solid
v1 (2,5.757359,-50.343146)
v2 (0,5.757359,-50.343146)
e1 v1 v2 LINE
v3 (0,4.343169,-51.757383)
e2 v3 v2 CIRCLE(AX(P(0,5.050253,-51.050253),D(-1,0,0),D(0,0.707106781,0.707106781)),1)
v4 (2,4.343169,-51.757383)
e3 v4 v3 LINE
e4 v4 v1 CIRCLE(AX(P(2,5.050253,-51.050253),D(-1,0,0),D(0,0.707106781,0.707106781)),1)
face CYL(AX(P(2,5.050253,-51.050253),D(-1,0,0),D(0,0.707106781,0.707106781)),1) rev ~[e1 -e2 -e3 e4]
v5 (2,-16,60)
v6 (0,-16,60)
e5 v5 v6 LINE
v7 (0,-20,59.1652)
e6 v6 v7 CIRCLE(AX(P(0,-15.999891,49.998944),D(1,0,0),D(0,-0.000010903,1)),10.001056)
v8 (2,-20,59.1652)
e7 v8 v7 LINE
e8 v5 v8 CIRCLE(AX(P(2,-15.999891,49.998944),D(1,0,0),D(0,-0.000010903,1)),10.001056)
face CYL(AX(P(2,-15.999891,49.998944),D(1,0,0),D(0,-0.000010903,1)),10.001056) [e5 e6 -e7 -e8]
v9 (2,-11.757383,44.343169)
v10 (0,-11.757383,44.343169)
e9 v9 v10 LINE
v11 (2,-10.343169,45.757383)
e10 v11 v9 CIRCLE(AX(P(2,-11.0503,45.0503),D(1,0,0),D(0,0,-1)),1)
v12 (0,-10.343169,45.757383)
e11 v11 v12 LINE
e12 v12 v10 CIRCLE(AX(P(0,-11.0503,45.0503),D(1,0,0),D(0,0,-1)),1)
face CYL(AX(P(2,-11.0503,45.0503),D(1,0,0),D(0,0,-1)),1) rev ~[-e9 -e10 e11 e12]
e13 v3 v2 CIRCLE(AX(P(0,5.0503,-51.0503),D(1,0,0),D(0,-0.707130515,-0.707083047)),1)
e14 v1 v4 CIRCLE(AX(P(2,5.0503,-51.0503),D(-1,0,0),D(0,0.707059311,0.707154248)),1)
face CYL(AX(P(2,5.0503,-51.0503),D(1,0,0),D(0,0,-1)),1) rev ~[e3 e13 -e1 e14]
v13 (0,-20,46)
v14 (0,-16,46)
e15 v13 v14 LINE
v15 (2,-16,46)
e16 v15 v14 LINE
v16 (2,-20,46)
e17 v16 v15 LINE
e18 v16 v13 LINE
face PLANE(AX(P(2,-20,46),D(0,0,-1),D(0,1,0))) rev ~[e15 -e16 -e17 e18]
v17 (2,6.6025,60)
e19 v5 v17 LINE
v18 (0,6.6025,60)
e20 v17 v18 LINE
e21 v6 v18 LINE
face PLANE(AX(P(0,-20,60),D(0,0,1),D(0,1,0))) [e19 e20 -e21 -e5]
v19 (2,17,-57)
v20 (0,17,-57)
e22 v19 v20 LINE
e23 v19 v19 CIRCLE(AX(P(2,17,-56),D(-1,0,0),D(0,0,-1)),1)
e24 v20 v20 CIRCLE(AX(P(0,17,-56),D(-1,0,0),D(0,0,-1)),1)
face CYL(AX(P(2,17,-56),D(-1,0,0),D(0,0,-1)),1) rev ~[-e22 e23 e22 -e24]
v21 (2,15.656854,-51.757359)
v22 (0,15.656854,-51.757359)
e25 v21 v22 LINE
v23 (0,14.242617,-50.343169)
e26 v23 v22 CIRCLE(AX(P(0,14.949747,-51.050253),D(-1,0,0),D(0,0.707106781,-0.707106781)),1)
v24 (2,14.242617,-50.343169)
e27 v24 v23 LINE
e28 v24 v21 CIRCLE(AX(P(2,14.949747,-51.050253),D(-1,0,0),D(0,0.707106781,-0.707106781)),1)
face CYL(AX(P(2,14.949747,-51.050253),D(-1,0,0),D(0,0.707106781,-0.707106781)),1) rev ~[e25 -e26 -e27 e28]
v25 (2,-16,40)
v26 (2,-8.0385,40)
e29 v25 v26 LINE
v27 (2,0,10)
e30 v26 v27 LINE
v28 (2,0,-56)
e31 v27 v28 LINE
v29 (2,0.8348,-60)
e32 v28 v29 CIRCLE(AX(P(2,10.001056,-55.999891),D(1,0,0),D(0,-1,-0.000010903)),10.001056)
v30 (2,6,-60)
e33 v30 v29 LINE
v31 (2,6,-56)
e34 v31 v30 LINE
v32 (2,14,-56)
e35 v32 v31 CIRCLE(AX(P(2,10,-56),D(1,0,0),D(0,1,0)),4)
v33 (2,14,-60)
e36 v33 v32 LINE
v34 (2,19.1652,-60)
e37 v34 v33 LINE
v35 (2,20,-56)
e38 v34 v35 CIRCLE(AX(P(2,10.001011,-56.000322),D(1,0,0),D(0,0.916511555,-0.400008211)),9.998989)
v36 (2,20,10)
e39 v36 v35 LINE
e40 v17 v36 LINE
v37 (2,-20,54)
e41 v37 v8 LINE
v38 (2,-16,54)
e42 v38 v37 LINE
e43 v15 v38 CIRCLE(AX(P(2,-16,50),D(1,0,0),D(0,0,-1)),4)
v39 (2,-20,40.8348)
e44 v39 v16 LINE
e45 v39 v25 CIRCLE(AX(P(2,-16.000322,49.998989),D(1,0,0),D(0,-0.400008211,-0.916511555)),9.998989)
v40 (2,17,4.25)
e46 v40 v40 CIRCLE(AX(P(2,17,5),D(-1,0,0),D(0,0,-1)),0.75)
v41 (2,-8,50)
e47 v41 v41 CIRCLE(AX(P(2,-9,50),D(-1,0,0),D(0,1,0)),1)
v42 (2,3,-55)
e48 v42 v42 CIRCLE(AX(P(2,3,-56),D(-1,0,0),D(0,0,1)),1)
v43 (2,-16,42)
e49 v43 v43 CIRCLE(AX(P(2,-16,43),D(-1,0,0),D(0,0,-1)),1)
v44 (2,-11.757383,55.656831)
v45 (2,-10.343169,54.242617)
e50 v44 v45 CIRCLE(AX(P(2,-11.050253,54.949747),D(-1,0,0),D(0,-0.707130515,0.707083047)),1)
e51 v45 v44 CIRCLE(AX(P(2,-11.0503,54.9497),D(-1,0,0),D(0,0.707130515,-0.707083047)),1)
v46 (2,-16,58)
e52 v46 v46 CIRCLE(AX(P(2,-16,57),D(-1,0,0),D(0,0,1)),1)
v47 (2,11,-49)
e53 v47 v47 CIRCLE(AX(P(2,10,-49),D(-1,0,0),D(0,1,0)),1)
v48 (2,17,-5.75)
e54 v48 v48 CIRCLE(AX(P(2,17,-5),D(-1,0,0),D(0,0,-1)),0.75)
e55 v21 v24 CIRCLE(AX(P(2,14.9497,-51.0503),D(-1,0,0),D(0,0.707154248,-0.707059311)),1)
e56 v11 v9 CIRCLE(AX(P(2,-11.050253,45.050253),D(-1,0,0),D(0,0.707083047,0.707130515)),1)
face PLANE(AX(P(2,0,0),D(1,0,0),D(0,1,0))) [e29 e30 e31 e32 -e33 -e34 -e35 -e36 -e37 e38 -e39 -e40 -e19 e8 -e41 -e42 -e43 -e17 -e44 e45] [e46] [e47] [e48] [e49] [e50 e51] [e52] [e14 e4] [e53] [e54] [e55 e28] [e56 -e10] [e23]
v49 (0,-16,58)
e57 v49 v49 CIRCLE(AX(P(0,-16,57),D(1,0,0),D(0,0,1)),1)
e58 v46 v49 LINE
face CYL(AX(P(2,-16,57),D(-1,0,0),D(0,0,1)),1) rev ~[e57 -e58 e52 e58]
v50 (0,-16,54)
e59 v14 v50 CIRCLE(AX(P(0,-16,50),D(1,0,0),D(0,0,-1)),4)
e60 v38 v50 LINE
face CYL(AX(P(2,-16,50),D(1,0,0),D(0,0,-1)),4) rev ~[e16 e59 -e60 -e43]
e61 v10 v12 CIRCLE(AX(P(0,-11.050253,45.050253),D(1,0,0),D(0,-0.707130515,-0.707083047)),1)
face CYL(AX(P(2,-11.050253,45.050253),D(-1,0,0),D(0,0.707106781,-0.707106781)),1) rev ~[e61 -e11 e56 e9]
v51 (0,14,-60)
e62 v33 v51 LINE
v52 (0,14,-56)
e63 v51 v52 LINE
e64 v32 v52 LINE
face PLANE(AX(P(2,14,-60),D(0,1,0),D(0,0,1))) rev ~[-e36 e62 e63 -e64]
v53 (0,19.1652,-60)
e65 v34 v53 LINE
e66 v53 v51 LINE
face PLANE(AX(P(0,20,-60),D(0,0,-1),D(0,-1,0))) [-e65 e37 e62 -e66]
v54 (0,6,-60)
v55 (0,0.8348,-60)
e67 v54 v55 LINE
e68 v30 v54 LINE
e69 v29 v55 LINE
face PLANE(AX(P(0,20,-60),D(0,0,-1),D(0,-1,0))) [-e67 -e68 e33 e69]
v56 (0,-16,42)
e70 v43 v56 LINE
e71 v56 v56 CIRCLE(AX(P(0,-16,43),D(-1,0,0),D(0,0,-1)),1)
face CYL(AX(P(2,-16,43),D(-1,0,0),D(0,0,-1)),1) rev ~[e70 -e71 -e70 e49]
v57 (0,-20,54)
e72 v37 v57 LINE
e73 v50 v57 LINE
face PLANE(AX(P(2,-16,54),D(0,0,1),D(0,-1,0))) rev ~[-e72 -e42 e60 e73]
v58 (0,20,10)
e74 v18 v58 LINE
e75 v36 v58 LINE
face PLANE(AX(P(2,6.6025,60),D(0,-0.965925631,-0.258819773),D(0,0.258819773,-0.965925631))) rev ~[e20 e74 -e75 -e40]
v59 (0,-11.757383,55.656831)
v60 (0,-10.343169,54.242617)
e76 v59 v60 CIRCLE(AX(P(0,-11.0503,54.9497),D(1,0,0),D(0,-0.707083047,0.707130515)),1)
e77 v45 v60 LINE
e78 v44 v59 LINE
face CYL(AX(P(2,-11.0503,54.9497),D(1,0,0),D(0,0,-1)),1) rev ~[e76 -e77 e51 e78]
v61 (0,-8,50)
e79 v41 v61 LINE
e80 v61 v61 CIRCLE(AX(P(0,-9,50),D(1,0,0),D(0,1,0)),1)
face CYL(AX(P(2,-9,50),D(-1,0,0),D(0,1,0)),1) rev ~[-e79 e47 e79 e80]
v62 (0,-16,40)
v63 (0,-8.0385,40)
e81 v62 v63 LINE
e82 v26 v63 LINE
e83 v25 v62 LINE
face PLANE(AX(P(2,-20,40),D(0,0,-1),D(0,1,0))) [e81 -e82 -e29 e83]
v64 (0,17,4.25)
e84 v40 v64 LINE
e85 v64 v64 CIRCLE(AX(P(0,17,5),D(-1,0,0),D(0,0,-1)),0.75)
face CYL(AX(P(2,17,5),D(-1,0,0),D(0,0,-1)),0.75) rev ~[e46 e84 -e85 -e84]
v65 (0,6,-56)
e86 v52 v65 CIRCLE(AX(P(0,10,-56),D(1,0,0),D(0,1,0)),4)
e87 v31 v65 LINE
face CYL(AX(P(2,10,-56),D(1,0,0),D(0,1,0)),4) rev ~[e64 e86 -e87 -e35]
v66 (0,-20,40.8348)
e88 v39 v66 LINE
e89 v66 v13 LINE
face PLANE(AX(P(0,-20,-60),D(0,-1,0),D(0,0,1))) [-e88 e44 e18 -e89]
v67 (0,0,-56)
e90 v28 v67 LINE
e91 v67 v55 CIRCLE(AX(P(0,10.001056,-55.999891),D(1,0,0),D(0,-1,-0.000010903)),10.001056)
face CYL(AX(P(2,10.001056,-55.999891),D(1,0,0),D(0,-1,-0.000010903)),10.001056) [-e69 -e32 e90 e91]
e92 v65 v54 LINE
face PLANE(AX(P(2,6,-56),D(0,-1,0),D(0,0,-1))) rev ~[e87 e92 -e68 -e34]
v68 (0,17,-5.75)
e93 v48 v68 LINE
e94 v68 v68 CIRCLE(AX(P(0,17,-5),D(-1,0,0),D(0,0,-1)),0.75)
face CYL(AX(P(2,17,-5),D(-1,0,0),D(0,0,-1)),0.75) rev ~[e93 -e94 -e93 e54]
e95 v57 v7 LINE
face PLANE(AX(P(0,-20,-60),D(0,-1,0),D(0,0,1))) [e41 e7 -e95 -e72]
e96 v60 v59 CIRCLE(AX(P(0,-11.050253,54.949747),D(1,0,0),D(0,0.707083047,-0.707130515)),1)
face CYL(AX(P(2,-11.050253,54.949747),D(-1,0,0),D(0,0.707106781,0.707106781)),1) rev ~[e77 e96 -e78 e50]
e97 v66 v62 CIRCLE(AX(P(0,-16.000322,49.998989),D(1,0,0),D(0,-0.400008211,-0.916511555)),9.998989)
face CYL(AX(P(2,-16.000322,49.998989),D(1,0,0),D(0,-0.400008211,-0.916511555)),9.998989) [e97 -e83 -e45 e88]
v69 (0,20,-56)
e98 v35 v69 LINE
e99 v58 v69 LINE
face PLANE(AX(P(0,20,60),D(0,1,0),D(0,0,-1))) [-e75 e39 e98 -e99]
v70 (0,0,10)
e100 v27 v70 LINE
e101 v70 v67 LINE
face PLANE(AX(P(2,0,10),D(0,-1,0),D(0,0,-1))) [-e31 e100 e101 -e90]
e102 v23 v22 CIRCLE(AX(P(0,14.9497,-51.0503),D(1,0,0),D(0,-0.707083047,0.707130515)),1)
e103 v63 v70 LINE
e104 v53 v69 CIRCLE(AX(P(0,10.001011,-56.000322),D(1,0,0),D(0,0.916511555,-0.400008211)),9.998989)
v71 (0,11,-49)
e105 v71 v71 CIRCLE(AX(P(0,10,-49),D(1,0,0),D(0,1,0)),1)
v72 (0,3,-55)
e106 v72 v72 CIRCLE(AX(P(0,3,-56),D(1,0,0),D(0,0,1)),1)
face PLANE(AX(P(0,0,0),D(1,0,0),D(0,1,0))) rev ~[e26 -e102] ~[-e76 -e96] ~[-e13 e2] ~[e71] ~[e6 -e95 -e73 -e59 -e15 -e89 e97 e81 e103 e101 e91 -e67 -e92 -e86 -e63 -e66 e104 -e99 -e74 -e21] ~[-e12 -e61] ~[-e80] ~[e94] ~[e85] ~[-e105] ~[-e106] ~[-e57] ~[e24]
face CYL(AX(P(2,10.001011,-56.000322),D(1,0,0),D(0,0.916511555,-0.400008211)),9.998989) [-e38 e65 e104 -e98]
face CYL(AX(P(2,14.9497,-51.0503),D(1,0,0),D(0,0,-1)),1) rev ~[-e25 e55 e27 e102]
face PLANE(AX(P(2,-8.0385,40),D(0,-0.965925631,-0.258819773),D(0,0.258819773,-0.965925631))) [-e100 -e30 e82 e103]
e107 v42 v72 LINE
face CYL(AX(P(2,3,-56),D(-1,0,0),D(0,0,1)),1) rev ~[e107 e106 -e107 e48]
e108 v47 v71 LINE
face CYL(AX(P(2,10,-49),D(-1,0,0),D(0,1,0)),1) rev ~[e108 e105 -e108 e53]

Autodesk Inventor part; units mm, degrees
ref_plane "YZ Plane" through (0, 0, 0) normal (1, 0, 0) x (0, 1, 0)
ref_plane "XZ Plane" through (0, 0, 0) normal (0, 1, 0) x (-1, 0, 0)
ref_plane "XY Plane" through (0, 0, 0) normal (0, 0, 1) x (1, 0, 0)
sketch "スケッチ1" plane through (0, 0, 0) normal (1, 0, 0) x (0, 1, 0)
  line L0 (-20, 60) -> (20, 60)
  line L1 (20, 60) -> (20, -60)
  line L2 (20, -60) -> (-20, -60)
  line L3 (-20, -60) -> (-20, 60)
  point P0 (0, 0)
  dimension "d0" = 40
  dimension "d2" = 20
  dimension "d3" = 120
  dimension "d4" = 60
extrude "押し出し1" add sketch "スケッチ1" along normal blind 2
sketch "スケッチ2" plane through (2, 0, 0) normal (1, 0, 0) x (0, 0, -1)
  line L0 (-60, 20) -> (-60, -20) projected
  line L1 (-60, -20) -> (60, -20) projected
  line L2 (60, -20) -> (60, 20) projected
  line L3 (60, 20) -> (-60, 20) projected
  line L4 (-60, 6.6025) -> (-10, 20)
  line L5 (-40, -20) -> (-40, -8.0385)
  line L6 (-40, -8.0385) -> (-10, 0)
  line L7 (-10, 0) -> (60, 0)
  point P0 (0, 0)
  dimension "d7" = 20
  dimension "d8" = 20
  dimension "d9" = 70
  dimension "d10" = 15
  dimension "d11" = 70
extrude "押し出し2" cut sketch "スケッチ2" against normal blind 2 contours L4 L3 L2 L7 L6 L5 L1 L0 keep common part
sketch "スケッチ3" plane through (2, 0, 0) normal (1, 0, 0) x (0, 0, -1)
  line L0 (60, 0) -> (-10, 0) projected
  line L1 (60, 0) -> (60, 20) projected
  line L2 (-60, 6.6025) -> (-60, -20) projected
  line L3 (-60, -20) -> (-40, -20) projected
  line L4 (-54, -20) -> (-46, -20)
  line L5 (-46, -20) -> (-46, -16)
  line L6 (-54, -16) -> (-54, -20)
  line L7 (60, 14) -> (56, 14)
  line L8 (56, 6) -> (60, 6)
  line L9 (60, 6) -> (60, 14)
  arc A0 (-46, -16) -> (-54, -16) centre (-50, -16) ccw
  arc A1 (56, 14) -> (56, 6) centre (56, 10) ccw
  point P0 (0, 0)
  dimension "d14" = 8
  dimension "d16" = 8
  dimension "d19" = 4
  dimension "d20" = 4
  dimension "d21" = 10
  dimension "d22" = 4
  dimension "d23" = 4
  dimension "d24" = 10
  dimension "d26" = 4
  dimension "d27" = 4
extrude "押し出し3" cut sketch "スケッチ3" against normal blind 2
sketch "スケッチ4" plane through (2, 0, 0) normal (1, 0, 0) x (0, 0, -1)
  arc A0 (-46, -16) -> (-54, -16) centre (-50, -16) ccw projected
  arc A1 (56, 14) -> (56, 6) centre (56, 10) ccw projected
  circle A2 centre (-43, -16) radius 1
  circle A3 centre (56, 17) radius 1
  point P0 (0, 0)
  dimension "d30" = 2
  dimension "d32" = 7
  dimension "d33" = 0
  dimension "d34" = 7
  dimension "d35" = 0
hole "穴1" at (2, 17, -56) at (2, -16, 43) direction (-1, 0, 0) diameter 2 end through all
pattern_circular "円形状パターン1" count 5 over 180 about axis through (2, 10, -56) along (1, 0, 0) of "穴1"
pattern_circular "円形状パターン2" count 5 over 180 about axis through (2, -16, 50) along (1, 0, 0) of "穴1"
sketch "スケッチ5" plane through (2, 0, 0) normal (1, 0, 0) x (0, 0, -1)
  line L0 (60, 14) -> (60, 20) projected
  line L1 (60, 20) -> (-10, 20) projected
  circle A0 centre (-5, 17) radius 1
  circle A1 centre (5, 17) radius 1
  point P0 (0, 0)
  dimension "d49" = 10
  dimension "d51" = 3
  dimension "d52" = 3
  dimension "d53" = 2
  dimension "d54" = 55
hole "穴2" at (2, 17, -5) at (2, 17, 5) direction (-1, 0, 0) diameter 1.5 end through all
sketch "スケッチ6" plane through (2, 0, 0) normal (1, 0, 0) x (0, 0, -1)
  circle A0 centre (5, 17) radius 0.75 projected
  circle A1 centre (-5, 17) radius 0.75 projected
  circle A2 centre (-57, -16) radius 1 projected
  circle A3 centre (-54.9497, -11.0503) radius 1 projected
  circle A4 centre (-50, -9) radius 1 projected
  circle A5 centre (-45.0503, -11.0503) radius 1 projected
  circle A6 centre (56, 3) radius 1 projected
  circle A7 centre (51.0503, 5.0503) radius 1 projected
  circle A8 centre (49, 10) radius 1 projected
  circle A9 centre (51.0503, 14.9497) radius 1 projected
  circle A10 centre (56, 17) radius 1 projected
  circle A11 centre (-43, -16) radius 1 projected
  line L0 (56, 14) -> (60, 14) projected
  line L1 (60, 14) -> (60, 20) projected
  line L2 (60, 20) -> (-10, 20) projected
  line L3 (-60, 6.6025) -> (-10, 20) projected
  line L4 (-60, 6.6025) -> (-60, -20) projected
  line L5 (-60, -20) -> (-54, -20) projected
  line L6 (-54, -20) -> (-54, -16) projected
  arc A12 (-46, -16) -> (-54, -16) centre (-50, -16) ccw projected
  line L7 (-46, -16) -> (-46, -20) projected
  line L8 (-46, -20) -> (-40, -20) projected
  line L9 (-40, -8.0385) -> (-40, -20) projected
  line L10 (-10, 0) -> (-40, -8.0385) projected
  line L11 (60, 0) -> (-10, 0) projected
  line L12 (60, 0) -> (60, 6) projected
  line L13 (60, 6) -> (56, 6) projected
  arc A13 (56, 14) -> (56, 6) centre (56, 10) ccw projected
  arc A14 (-40.8348, -20) -> (-40, -16) centre (-50, -16) ccw
  arc A15 (-60, -16) -> (-59.1652, -20) centre (-50, -16) ccw
  arc A16 (60, 19.1652) -> (56, 20) centre (56, 10) ccw
  arc A17 (56, 0) -> (60, 0.8348) centre (56, 10) ccw
  point P0 (0, 0)
  dimension "d64" = 10
extrude "押し出し4" cut sketch "スケッチ6" against normal blind 2 contours A13 L13 L12 A17 L11 L10 L9 A14 L8 L7 A12 L6 L5 A15 L4 L3 L2 A16 L1 L0 keep common part
properties part number "Leg_Link_Flame" material "アルミニウム 6061"
